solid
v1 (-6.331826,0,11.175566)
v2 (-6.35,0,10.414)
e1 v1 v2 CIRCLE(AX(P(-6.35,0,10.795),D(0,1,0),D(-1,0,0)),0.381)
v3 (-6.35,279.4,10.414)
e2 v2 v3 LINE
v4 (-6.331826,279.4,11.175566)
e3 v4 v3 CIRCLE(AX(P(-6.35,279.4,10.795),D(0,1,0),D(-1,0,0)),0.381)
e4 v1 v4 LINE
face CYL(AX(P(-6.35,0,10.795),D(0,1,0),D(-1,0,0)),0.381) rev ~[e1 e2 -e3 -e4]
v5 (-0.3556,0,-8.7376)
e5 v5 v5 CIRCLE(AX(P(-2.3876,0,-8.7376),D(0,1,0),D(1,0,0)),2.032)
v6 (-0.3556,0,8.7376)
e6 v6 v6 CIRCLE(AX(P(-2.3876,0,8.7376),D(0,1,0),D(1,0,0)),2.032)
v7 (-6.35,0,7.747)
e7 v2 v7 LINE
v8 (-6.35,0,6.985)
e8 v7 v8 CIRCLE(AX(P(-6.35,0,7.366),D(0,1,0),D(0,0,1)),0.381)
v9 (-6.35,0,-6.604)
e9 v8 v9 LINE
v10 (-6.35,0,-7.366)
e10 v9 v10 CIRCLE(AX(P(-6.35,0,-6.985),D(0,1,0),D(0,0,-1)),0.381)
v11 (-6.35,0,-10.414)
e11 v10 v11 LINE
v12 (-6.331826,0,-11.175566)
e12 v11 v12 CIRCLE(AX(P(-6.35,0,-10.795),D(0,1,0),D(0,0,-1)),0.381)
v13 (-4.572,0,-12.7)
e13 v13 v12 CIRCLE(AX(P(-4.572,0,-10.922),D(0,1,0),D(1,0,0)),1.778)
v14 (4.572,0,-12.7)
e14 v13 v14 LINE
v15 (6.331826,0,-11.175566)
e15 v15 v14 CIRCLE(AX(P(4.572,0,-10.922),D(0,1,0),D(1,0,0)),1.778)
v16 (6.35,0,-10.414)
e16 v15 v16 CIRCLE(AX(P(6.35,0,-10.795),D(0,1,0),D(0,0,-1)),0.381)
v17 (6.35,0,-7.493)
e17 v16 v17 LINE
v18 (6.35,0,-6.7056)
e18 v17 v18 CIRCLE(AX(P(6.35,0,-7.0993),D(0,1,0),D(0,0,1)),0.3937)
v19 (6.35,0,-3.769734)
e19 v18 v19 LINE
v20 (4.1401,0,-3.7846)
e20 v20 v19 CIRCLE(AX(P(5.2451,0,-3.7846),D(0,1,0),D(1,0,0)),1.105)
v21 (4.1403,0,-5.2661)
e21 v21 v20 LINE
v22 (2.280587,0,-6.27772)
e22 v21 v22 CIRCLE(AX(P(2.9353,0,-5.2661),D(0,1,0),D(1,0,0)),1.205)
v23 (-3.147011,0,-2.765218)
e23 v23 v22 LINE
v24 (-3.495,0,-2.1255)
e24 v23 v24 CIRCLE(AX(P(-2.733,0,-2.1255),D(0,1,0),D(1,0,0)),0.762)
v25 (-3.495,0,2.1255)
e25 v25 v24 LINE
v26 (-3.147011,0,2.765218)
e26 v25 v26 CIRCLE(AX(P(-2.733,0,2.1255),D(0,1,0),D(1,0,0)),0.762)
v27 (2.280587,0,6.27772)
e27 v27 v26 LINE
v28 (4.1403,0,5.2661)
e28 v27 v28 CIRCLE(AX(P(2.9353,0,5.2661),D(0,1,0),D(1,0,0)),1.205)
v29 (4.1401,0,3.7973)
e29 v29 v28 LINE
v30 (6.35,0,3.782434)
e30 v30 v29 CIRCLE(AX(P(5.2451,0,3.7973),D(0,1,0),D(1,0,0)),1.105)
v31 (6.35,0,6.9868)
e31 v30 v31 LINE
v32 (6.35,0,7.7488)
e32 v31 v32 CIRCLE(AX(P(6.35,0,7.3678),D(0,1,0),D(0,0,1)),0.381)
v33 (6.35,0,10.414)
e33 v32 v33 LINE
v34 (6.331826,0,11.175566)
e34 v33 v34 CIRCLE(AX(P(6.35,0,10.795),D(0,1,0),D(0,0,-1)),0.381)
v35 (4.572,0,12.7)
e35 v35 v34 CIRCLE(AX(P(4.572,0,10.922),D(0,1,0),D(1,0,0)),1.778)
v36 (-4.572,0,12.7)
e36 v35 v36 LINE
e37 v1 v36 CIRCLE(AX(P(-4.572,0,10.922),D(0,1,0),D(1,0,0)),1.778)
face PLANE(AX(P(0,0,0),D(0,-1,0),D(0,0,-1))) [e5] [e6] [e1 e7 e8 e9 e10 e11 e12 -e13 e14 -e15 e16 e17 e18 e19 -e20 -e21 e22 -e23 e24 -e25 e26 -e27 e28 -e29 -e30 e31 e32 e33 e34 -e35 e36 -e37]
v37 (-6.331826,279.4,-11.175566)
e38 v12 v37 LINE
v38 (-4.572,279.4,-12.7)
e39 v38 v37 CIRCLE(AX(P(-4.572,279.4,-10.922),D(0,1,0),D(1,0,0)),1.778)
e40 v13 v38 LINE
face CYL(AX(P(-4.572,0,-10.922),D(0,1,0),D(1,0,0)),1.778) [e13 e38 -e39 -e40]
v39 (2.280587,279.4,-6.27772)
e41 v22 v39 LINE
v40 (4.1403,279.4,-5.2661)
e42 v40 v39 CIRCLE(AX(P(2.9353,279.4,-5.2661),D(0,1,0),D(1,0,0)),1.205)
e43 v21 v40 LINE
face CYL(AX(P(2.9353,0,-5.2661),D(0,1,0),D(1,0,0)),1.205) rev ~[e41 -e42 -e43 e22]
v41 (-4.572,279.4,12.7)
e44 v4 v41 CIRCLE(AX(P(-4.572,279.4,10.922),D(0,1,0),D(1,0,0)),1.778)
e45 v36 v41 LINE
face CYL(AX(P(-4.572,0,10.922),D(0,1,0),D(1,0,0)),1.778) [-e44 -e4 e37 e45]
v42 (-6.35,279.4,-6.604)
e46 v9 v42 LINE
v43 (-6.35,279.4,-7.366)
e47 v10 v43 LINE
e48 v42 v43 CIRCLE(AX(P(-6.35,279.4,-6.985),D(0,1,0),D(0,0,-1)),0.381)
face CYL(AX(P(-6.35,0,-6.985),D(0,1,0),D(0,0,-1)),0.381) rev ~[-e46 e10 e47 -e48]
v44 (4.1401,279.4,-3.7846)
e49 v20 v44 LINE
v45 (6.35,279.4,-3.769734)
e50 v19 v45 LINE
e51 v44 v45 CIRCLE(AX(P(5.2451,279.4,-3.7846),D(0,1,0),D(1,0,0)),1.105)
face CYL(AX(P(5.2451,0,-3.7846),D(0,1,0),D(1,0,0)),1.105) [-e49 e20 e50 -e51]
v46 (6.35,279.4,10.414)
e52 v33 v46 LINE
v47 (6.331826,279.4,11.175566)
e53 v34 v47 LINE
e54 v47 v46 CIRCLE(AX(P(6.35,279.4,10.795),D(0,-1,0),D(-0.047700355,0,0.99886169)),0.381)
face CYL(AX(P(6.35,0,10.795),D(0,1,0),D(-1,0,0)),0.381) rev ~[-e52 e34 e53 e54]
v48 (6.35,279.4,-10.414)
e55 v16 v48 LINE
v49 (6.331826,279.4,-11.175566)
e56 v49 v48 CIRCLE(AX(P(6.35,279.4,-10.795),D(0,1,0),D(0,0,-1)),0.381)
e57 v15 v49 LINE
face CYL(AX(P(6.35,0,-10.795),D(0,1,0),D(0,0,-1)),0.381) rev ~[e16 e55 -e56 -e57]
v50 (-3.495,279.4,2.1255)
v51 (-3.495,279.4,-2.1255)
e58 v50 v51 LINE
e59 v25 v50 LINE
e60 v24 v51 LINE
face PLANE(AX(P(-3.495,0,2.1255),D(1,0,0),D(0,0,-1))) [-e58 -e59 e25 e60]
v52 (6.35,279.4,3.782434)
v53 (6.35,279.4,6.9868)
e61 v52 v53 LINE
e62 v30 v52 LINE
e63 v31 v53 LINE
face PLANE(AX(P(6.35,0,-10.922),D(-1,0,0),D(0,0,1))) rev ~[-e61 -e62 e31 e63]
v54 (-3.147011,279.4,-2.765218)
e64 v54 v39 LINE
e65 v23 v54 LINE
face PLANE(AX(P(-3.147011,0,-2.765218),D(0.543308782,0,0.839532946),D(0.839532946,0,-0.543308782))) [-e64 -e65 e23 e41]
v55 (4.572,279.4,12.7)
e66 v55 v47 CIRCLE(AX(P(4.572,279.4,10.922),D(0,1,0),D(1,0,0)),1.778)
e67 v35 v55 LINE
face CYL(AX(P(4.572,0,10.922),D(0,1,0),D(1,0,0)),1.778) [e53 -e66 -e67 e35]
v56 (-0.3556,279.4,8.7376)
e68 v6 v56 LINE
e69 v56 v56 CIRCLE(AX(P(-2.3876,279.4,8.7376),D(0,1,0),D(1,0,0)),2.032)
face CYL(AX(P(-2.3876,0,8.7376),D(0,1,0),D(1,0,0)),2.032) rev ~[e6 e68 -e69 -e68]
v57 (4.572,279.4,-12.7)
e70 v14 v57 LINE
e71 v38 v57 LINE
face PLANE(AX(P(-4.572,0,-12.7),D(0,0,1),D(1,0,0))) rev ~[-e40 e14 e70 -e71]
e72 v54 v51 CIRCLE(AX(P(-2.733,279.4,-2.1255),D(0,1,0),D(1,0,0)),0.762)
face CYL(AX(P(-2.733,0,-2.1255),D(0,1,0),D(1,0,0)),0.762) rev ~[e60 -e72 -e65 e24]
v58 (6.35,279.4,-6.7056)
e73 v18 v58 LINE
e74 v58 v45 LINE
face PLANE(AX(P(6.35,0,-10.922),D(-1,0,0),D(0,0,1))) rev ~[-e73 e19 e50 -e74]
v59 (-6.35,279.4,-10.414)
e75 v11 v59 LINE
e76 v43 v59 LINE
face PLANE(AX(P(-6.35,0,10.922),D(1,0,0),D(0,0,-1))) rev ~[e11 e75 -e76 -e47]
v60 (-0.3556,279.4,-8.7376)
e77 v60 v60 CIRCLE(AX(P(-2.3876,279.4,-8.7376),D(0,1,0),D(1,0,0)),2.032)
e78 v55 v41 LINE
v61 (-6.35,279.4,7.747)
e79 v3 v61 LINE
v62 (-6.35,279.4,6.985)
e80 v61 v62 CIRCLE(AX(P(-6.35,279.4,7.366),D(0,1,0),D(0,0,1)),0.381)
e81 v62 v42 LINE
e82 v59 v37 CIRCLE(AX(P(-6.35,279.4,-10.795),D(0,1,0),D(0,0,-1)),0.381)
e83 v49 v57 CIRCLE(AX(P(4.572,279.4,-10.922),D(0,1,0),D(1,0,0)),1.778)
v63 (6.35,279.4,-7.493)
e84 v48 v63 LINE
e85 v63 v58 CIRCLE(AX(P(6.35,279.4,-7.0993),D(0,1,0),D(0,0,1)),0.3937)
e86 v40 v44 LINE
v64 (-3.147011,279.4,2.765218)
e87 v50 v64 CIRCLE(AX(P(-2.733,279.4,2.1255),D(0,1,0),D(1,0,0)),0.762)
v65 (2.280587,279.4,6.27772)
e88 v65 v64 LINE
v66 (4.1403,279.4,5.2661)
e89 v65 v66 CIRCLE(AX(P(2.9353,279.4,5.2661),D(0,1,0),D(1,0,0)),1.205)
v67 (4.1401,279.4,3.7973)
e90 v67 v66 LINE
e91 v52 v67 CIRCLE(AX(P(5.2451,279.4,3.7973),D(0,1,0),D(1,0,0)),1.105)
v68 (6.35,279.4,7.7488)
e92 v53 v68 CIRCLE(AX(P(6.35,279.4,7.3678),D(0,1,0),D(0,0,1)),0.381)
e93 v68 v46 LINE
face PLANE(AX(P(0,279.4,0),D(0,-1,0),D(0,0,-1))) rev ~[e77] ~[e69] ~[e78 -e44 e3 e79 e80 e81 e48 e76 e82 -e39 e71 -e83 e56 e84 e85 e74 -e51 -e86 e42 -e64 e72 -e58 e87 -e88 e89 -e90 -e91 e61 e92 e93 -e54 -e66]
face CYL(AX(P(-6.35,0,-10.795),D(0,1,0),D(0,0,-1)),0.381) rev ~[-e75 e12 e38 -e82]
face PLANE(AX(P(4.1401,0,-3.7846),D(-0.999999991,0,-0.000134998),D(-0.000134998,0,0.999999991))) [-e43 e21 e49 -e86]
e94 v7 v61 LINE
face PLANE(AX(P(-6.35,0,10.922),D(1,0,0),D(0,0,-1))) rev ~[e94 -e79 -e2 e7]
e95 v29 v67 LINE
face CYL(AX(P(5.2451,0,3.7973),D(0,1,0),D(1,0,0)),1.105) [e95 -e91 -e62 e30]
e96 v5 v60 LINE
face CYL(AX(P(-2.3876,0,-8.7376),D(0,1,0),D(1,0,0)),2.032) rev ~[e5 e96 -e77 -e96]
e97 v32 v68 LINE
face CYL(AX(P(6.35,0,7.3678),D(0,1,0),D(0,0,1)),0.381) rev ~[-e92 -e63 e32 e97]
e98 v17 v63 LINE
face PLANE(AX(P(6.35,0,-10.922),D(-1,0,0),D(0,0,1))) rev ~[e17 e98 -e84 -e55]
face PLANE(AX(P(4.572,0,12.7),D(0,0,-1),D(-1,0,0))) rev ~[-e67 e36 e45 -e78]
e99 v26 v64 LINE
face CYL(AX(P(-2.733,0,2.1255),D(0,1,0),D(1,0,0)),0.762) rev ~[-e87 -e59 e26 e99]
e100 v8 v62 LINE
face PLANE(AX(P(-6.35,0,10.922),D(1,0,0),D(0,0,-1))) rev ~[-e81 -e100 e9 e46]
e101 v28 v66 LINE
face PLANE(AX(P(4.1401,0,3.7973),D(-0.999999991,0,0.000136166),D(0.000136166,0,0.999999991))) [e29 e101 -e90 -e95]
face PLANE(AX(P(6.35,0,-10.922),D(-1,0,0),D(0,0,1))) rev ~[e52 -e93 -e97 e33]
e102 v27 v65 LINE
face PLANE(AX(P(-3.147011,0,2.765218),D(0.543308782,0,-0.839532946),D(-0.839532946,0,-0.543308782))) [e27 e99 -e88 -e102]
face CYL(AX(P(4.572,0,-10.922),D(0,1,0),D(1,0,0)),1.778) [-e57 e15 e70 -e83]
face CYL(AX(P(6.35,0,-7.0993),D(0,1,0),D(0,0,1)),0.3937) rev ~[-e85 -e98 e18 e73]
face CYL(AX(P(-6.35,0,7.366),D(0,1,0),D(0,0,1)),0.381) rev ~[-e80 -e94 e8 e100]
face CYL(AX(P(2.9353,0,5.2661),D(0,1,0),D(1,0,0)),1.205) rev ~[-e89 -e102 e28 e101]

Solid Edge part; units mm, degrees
sketch "Sketch1" plane through (0, 0, 0) normal (0, 0, 1) x (1, 0, 0)
  line L0 (0, 0) -> (0, 279.4)
  dimension "D1" = 279.4
sketch "Sketch2" plane through (0, 0, 0) normal (0, -1, 0) x (1, 0, 0)
  line L0 (4.572, 12.7) -> (-4.572, 12.7)
  arc A0 (-4.572, 12.7) -> (-6.35, 10.922) centre (-4.572, 10.922) ccw
  line L1 (-6.35, 10.922) -> (-6.35, -10.922)
  arc A1 (-4.572, -12.7) -> (-6.35, -10.922) centre (-4.572, -10.922) cw
  line L2 (-4.572, -12.7) -> (4.572, -12.7)
  arc A2 (4.572, -12.7) -> (6.35, -10.922) centre (4.572, -10.922) ccw
  line L3 (6.35, -10.922) -> (6.35, 10.922)
  arc A3 (6.35, 10.922) -> (4.572, 12.7) centre (4.572, 10.922) ccw
  dimension "D1" = 12.7
  dimension "D2" = 6.35
  dimension "D3" = 12.7
  dimension "D4" = 25.4
  dimension "D5" = 1.778
sweep "SweptProtrusion1" add profiles "Sketch2" path "Sketch1"
sketch "Sketch3" plane through (0, 0, 0) normal (0, 0, 1) x (1, 0, 0)
  line L0 (0, 0) -> (0, 279.4)
  dimension "D1" = 279.4
sketch "Sketch4" plane through (-6.35, 0, 6.35) normal (0, -1, 0) x (1, 0, 0)
  circle A0 centre (3.9624, 2.3876) radius 2.032
  dimension "D1" = 4.0639
  dimension "D2" = 3.9624
  dimension "D3" = 17.4752
  dimension "D4" = 12.7
sweep "SweptCutout1" cut profiles "Sketch4" path "Sketch3"
sketch "Sketch5" plane through (0, 0, 0) normal (0, 0, 1) x (1, 0, 0)
  line L0 (0, 0) -> (0, 279.4)
  dimension "D1" = 279.4
sketch "Sketch6" plane through (-6.35, 0, 6.35) normal (0, -1, 0) x (1, 0, 0)
  circle A0 centre (3.9624, -15.0876) radius 2.032
  dimension "D1" = 4.0639
  dimension "D2" = 3.9624
  dimension "D3" = 17.4752
  dimension "D4" = 12.7
sweep "SweptCutout2" cut profiles "Sketch6" path "Sketch5"
sketch "Sketch7" plane through (0, 0, 0) normal (0, 0, 1) x (1, 0, 0)
  line L0 (0, 0) -> (0, 279.4)
  dimension "D1" = 279.4
sketch "Sketch8" plane through (0, 0, 0) normal (0, -1, 0) x (1, 0, 0)
  line L0 (4.1402, 3.7973) -> (4.1402, 5.2661)
  arc A0 (4.1402, 5.2661) -> (2.2806, 6.2777) centre (2.9353, 5.2661) ccw
  line L1 (-3.147, 2.7652) -> (2.2806, 6.2777)
  arc A1 (-3.495, 2.1255) -> (-3.147, 2.7652) centre (-2.733, 2.1255) cw
  line L2 (-3.495, 2.1255) -> (-3.495, -2.1255)
  arc A2 (-3.495, -2.1255) -> (-3.147, -2.7652) centre (-2.733, -2.1255) ccw
  line L3 (-3.147, -2.7652) -> (2.2806, -6.2777)
  arc A3 (4.1402, -5.2661) -> (2.2806, -6.2777) centre (2.9353, -5.2661) cw
  line L4 (4.1402, -3.7846) -> (4.1402, -5.2661)
  line L5 (6.35, 3.7973) -> (6.35, -3.7846)
  arc A4 (4.1402, -3.7846) -> (6.35, -3.7846) centre (5.2451, -3.7846) cw
  arc A5 (6.35, 3.7973) -> (4.1402, 3.7973) centre (5.2451, 3.7973) cw
sweep "SweptCutout3" cut profiles "Sketch8" path "Sketch7"
sketch "Sketch9" plane through (0, 0, 0) normal (0, 0, 1) x (1, 0, 0)
  line L0 (0, 0) -> (0, 279.4)
  dimension "D1" = 279.4
sketch "Sketch10" plane through (0, 0, 0) normal (0, -1, 0) x (-1, 0, 0)
  circle A0 centre (6.35, -10.795) radius 0.381
  dimension "D1" = 0.762
  dimension "D2" = 1.905
sweep "SweptCutout4" cut profiles "Sketch10" path "Sketch9"
sketch "Sketch11" plane through (0, 0, 0) normal (0, 0, 1) x (1, 0, 0)
  line L0 (0, 0) -> (0, 279.4)
  dimension "D1" = 279.4
sketch "Sketch12" plane through (0, 0, 0) normal (0, -1, 0) x (0, 0, 1)
  circle A0 centre (7.366, 6.35) radius 0.381
  dimension "D1" = 0.762
sweep "SweptCutout5" cut profiles "Sketch12" path "Sketch11"
sketch "Sketch13" plane through (0, 0, 0) normal (0, 0, 1) x (1, 0, 0)
  line L0 (0, 0) -> (0, 279.4)
  dimension "D1" = 279.4
sketch "Sketch14" plane through (0, 0, 0) normal (0, -1, 0) x (-1, 0, 0)
  circle A0 centre (-6.35, -10.795) radius 0.381
  dimension "D1" = 0.762
  dimension "D2" = 1.905
sweep "SweptCutout6" cut profiles "Sketch14" path "Sketch13"
sketch "Sketch15" plane through (0, 0, 0) normal (0, 0, 1) x (1, 0, 0)
  line L0 (0, 0) -> (0, 279.4)
  dimension "D1" = 279.4
sketch "Sketch16" plane through (0, 0, 0) normal (0, -1, 0) x (0, 0, 1)
  circle A0 centre (7.3678, -6.35) radius 0.381
  dimension "D1" = 0.762
sweep "SweptCutout7" cut profiles "Sketch16" path "Sketch15"
sketch "Sketch17" plane through (0, 0, 0) normal (0, 0, 1) x (1, 0, 0)
  line L0 (0, 0) -> (0, 279.4)
  dimension "D1" = 279.4
sketch "Sketch18" plane through (0, 0, 0) normal (0, -1, 0) x (0, 0, -1)
  circle A0 centre (10.795, -6.35) radius 0.381
  dimension "D1" = 0.762
  dimension "D2" = 1.905
sweep "SweptCutout8" cut profiles "Sketch18" path "Sketch17"
sketch "Sketch19" plane through (0, 0, 0) normal (0, 0, 1) x (1, 0, 0)
  line L0 (0, 0) -> (0, 279.4)
  dimension "D1" = 279.4
sketch "Sketch20" plane through (0.0001, 0, 0) normal (0, -1, 0) x (0, 0, -1)
  circle A0 centre (6.985, -6.3501) radius 0.381
  dimension "D1" = 0.762
  dimension "D2" = 3.81
sweep "SweptCutout9" cut profiles "Sketch20" path "Sketch19"
sketch "Sketch21" plane through (0, 0, 0) normal (0, 0, 1) x (1, 0, 0)
  line L0 (0, 0) -> (0, 279.4)
  dimension "D1" = 279.4
sketch "Sketch22" plane through (0.0001, 0, 0) normal (0, -1, 0) x (0, 0, -1)
  circle A0 centre (10.795, 6.3499) radius 0.381
  dimension "D1" = 0.762
  dimension "D2" = 1.905
sweep "SweptCutout10" cut profiles "Sketch22" path "Sketch21"
sketch "Sketch23" plane through (0, 0, 0) normal (0, 0, 1) x (1, 0, 0)
  line L0 (0, 0) -> (0, 279.4)
  dimension "D1" = 279.4
sketch "Sketch24" plane through (0.0001, 0, 0) normal (0, -1, 0) x (0, 0, 1)
  circle A0 centre (-7.0993, -6.3499) radius 0.3937
  dimension "D1" = 0.7873
  dimension "D2" = 3.6957
sweep "SweptCutout11" cut profiles "Sketch24" path "Sketch23"
